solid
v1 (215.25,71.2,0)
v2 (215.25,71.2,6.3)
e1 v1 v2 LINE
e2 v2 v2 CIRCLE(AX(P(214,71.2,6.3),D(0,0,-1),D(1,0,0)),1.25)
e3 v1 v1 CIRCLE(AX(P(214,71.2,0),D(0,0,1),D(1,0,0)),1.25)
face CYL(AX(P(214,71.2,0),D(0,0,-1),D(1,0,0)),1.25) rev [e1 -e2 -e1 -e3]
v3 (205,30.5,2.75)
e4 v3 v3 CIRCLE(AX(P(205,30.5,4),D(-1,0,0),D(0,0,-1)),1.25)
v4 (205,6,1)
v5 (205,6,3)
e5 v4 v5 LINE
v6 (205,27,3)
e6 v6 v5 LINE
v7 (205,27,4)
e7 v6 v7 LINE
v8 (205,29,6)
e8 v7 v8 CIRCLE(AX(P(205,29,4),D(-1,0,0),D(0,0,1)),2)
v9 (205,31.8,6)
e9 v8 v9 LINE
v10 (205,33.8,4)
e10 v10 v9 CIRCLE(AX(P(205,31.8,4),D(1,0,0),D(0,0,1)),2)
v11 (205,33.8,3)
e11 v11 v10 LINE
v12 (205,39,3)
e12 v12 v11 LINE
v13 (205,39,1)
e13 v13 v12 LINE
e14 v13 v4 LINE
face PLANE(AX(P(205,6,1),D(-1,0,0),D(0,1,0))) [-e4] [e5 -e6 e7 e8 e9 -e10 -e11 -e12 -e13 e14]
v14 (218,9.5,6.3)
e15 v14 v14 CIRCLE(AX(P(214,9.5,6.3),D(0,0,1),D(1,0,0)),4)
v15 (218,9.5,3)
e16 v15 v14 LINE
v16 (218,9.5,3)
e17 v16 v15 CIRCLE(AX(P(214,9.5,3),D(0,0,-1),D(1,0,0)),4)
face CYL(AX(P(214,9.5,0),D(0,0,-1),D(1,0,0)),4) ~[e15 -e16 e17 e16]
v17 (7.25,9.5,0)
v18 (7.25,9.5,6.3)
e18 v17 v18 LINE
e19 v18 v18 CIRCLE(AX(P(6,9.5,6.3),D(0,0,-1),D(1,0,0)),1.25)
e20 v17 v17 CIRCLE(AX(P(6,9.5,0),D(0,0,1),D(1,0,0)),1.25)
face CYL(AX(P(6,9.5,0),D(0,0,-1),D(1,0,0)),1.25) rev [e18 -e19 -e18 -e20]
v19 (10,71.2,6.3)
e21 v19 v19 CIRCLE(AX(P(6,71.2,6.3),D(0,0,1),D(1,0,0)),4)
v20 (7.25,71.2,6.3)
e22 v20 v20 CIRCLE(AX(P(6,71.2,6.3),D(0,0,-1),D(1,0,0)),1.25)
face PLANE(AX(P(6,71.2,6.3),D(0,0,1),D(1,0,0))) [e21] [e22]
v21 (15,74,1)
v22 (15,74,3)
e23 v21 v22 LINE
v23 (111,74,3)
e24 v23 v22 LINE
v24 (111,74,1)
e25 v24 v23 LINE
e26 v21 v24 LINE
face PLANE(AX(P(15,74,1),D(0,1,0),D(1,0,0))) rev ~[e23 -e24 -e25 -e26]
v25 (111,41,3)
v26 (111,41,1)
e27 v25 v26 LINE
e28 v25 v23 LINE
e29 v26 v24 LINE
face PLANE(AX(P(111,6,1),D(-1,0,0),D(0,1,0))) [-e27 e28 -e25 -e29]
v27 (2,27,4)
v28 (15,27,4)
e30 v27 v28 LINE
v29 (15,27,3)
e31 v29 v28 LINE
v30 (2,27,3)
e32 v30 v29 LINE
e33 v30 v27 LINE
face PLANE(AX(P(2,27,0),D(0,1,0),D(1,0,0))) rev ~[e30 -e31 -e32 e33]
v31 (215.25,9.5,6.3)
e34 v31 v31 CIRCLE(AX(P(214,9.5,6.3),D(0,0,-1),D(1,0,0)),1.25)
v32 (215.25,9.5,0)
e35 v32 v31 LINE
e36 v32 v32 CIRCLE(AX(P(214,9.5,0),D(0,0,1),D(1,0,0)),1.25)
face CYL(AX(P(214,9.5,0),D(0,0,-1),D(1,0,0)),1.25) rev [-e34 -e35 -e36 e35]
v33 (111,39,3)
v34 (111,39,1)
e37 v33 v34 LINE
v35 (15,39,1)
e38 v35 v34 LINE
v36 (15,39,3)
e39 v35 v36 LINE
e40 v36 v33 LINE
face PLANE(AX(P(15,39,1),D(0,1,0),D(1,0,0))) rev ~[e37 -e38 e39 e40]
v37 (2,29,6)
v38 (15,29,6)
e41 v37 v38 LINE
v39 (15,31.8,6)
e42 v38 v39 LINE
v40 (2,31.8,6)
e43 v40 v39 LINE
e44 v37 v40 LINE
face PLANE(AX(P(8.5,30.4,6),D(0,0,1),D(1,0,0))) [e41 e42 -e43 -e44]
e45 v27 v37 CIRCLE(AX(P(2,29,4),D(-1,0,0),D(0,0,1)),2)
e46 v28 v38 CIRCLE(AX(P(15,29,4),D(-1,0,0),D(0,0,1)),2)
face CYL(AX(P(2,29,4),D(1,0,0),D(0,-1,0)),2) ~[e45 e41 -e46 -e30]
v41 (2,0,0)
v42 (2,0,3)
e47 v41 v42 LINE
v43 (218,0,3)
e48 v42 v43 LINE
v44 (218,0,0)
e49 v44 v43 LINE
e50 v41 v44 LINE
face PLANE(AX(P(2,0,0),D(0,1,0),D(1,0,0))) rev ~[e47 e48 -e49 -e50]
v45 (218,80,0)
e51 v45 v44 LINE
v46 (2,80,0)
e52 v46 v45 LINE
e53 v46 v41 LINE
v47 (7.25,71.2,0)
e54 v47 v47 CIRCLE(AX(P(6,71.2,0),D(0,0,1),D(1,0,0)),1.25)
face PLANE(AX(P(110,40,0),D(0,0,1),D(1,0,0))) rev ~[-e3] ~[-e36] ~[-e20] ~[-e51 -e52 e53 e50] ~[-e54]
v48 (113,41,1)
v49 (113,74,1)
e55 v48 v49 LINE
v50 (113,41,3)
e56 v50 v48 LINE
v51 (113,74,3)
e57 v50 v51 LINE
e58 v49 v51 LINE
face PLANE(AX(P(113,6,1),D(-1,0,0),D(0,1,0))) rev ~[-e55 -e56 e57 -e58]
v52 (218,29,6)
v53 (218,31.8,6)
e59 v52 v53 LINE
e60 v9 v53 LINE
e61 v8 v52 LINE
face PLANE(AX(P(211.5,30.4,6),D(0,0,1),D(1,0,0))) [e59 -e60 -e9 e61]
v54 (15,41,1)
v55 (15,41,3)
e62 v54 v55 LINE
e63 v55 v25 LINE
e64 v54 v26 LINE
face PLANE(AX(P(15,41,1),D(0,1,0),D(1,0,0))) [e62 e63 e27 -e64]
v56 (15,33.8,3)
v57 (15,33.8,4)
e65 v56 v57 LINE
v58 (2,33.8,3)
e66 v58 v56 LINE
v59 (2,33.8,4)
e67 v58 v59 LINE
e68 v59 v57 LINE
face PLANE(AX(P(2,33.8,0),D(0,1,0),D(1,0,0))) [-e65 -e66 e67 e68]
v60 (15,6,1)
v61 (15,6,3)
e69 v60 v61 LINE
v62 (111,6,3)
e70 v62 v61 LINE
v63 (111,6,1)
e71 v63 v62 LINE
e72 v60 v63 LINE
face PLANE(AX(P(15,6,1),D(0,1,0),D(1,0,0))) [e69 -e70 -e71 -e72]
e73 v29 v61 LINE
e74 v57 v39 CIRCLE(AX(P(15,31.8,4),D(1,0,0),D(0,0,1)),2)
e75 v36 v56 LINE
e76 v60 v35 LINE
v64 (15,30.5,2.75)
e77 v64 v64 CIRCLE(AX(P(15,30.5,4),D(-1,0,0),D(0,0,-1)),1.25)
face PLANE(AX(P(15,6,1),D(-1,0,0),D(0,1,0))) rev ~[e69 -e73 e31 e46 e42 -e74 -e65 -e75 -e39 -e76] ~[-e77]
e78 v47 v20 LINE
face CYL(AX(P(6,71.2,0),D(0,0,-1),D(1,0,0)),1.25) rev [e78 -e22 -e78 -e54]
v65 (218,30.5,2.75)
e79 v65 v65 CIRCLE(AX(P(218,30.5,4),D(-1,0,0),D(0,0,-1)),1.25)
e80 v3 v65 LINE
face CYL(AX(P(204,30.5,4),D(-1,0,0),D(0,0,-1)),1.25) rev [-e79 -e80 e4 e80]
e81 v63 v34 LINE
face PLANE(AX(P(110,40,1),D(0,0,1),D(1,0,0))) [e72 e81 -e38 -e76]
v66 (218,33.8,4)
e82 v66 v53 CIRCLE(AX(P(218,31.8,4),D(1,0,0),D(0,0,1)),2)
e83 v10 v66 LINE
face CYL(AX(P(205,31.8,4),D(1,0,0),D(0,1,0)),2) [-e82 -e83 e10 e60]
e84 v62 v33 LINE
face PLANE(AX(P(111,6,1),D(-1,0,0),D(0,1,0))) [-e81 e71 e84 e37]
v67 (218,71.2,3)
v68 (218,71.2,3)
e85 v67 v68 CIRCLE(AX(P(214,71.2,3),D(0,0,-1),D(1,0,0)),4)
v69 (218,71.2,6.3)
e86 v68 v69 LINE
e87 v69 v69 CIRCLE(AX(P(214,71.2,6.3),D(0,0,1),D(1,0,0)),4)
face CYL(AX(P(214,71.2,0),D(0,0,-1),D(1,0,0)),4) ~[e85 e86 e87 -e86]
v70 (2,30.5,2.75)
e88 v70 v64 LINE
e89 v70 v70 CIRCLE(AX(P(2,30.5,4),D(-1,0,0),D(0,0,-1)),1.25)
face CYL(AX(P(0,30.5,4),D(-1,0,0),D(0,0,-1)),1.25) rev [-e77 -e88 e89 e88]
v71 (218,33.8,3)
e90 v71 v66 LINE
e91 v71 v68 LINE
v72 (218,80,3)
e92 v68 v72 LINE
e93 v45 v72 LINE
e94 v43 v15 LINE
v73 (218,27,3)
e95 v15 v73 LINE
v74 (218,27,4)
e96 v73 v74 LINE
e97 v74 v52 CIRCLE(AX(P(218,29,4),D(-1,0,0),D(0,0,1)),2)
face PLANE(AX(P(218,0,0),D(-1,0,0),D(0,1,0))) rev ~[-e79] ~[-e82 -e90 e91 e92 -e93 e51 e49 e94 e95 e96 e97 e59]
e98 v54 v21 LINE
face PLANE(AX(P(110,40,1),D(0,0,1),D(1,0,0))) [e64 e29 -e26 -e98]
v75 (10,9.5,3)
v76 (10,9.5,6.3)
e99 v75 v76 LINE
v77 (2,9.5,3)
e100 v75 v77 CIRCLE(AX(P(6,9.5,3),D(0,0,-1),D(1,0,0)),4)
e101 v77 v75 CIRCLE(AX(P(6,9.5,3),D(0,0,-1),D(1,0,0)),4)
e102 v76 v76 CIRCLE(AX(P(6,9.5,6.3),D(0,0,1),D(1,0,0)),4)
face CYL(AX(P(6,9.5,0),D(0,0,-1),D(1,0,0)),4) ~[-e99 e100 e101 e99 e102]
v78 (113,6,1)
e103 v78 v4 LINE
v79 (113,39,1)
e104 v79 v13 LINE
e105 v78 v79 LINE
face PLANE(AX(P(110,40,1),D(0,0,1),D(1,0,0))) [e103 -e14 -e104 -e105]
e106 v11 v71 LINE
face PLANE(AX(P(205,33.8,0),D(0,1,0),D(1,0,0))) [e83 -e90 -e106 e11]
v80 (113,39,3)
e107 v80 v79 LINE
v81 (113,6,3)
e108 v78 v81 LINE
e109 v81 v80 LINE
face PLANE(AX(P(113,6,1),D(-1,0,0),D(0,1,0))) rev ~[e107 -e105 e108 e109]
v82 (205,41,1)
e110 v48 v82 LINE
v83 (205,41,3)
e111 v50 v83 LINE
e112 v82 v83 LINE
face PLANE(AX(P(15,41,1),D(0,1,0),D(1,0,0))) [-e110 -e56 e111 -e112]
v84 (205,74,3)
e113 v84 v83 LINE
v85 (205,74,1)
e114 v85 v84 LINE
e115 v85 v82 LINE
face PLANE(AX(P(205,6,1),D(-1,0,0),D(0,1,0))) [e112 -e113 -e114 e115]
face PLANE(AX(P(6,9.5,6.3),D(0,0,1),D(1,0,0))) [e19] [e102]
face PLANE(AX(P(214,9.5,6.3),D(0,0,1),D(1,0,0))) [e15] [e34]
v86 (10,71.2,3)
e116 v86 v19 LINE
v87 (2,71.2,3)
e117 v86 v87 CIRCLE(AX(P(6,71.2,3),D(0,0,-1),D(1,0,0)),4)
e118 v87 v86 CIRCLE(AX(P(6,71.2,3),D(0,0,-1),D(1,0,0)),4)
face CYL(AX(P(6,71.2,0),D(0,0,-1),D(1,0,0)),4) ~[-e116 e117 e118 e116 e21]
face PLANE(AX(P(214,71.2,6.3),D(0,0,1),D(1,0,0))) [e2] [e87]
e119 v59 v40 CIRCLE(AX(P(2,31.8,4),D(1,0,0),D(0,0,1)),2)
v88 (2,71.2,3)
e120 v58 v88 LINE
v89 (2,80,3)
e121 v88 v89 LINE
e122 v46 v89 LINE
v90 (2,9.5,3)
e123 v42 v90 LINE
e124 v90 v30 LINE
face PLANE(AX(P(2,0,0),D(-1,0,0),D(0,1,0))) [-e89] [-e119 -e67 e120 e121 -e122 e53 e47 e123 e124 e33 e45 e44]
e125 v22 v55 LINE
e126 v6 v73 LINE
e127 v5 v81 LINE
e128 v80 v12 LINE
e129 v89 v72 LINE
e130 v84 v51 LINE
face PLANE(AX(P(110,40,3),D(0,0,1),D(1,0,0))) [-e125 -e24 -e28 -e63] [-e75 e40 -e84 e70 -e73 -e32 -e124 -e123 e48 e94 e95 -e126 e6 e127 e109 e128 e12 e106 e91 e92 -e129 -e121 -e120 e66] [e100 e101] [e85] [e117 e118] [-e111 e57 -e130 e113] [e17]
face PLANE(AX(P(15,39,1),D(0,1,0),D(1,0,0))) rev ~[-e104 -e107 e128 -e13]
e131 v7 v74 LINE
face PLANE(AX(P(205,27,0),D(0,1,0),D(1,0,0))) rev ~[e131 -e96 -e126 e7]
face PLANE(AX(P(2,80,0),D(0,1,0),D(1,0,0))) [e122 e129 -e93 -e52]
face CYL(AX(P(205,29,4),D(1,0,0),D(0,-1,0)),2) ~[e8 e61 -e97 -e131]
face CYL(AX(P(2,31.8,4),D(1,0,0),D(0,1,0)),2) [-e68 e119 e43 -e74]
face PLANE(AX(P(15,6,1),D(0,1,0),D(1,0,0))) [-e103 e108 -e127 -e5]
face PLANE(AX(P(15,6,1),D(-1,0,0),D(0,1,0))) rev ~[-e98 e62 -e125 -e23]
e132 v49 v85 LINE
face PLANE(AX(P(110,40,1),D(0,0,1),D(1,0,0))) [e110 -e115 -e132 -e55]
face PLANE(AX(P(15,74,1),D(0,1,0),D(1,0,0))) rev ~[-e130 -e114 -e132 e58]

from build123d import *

# Parameters (mm, degrees)
CYLINDER010_R     = 1.25
CYLINDER010_DEPTH = 20
CYLINDER011_R     = 1.25
CYLINDER011_DEPTH = 20
BOX009_W          = 13
BOX009_H          = 6.8
BOX009_DEPTH      = 6
FILLET002_R       = 2
CYLINDER004_R     = 1.25
CYLINDER004_DEPTH = 7
CYLINDER002_R     = 1.25
CYLINDER002_DEPTH = 7
CYLINDER003_R     = 1.25
CYLINDER003_DEPTH = 7
CYLINDER_R        = 1.25
CYLINDER_DEPTH    = 7
BOX002_W          = 190
BOX002_H          = 68
BOX002_DEPTH      = 3
CYLINDER005_R     = 4
CYLINDER005_DEPTH = 6.3
CYLINDER006_R     = 4
CYLINDER006_DEPTH = 6.3
CYLINDER001_R     = 4
CYLINDER001_DEPTH = 6.3
BOX_W             = 216
BOX_H             = 80
BOX_DEPTH         = 3
CYLINDER007_R     = 4
CYLINDER007_DEPTH = 6.3
BOX003_W          = 2
BOX003_H          = 68
BOX003_DEPTH      = 2
BOX004_W          = 190
BOX004_H          = 2
BOX004_DEPTH      = 2
BOX021_W          = 13
BOX021_H          = 6.8
BOX021_DEPTH      = 6
FILLET002004_R    = 2


with BuildPart() as cylinder009:
    # Cylinder010 → Cylinder010 (new body)
    with BuildSketch(Plane(origin=(0, 30.5, 4), x_dir=(0, 0, -1), z_dir=(1, 0, 0))):
        Circle(CYLINDER010_R)
    extrude(amount=CYLINDER010_DEPTH)


with BuildPart() as fusion005:
    # Cylinder011 → Cylinder011 (new body)
    with BuildSketch(Plane(origin=(204, 30.5, 4), x_dir=(0, 0, -1), z_dir=(1, 0, 0))):
        Circle(CYLINDER011_R)
    extrude(amount=CYLINDER011_DEPTH)

    # Fusion005: union Cylinder009
    add(cylinder009.part)


with BuildPart() as fillet002:
    # Box009 → Box009 (new body)
    with BuildSketch(Plane(origin=(2, 29, 0), x_dir=(1, 0, 0), z_dir=(0, 0, 1))):
        with Locations((6.5, 3.4)):
            Rectangle(BOX009_W, BOX009_H)
    extrude(amount=BOX009_DEPTH)

    # Fillet002
    fillet002_edges = [fillet002.edges().sort_by_distance(p)[0] for p in [
        (8.5, 29, 6),
        (8.5, 35.8, 6),
    ]]
    fillet(fillet002_edges, radius=FILLET002_R)


with BuildPart() as fillet002_1:
    # Fillet002 placement: moved
    add(fillet002.part.moved(Location((0, -2, 0))))


with BuildPart() as screwhole003:
    # Cylinder004 → Cylinder004 (new body)
    with BuildSketch(Plane(origin=(214, 9.5, 0), x_dir=(1, 0, 0), z_dir=(0, 0, 1))):
        Circle(CYLINDER004_R)
    extrude(amount=CYLINDER004_DEPTH)


with BuildPart() as screwhole001:
    # Cylinder002 → Cylinder002 (new body)
    with BuildSketch(Plane(origin=(6, 71.2, 0), x_dir=(1, 0, 0), z_dir=(0, 0, 1))):
        Circle(CYLINDER002_R)
    extrude(amount=CYLINDER002_DEPTH)


with BuildPart() as screwhole002:
    # Cylinder003 → Cylinder003 (new body)
    with BuildSketch(Plane(origin=(214, 71.2, 0), x_dir=(1, 0, 0), z_dir=(0, 0, 1))):
        Circle(CYLINDER003_R)
    extrude(amount=CYLINDER003_DEPTH)


with BuildPart() as screwhole:
    # Cylinder → Cylinder (new body)
    with BuildSketch(Plane(origin=(6, 9.5, 0), x_dir=(1, 0, 0), z_dir=(0, 0, 1))):
        Circle(CYLINDER_R)
    extrude(amount=CYLINDER_DEPTH)


with BuildPart() as baseholes:
    # Box002 → Box002 (new body)
    with BuildSketch(Plane(origin=(15, 6, 1), x_dir=(1, 0, 0), z_dir=(0, 0, 1))):
        with Locations((95, 34)):
            Rectangle(BOX002_W, BOX002_H)
    extrude(amount=BOX002_DEPTH)

    # Fusion: union ScrewHole003, ScrewHole001, ScrewHole002, ScrewHole
    add(screwhole003.part)
    add(screwhole001.part)
    add(screwhole002.part)
    add(screwhole.part)


with BuildPart() as cylinder005:
    # Cylinder005 → Cylinder005 (new body)
    with BuildSketch(Plane(origin=(6, 71.2, 0), x_dir=(1, 0, 0), z_dir=(0, 0, 1))):
        Circle(CYLINDER005_R)
    extrude(amount=CYLINDER005_DEPTH)


with BuildPart() as cylinder006:
    # Cylinder006 → Cylinder006 (new body)
    with BuildSketch(Plane(origin=(214, 71.2, 0), x_dir=(1, 0, 0), z_dir=(0, 0, 1))):
        Circle(CYLINDER006_R)
    extrude(amount=CYLINDER006_DEPTH)


with BuildPart() as cylinder001:
    # Cylinder001 → Cylinder001 (new body)
    with BuildSketch(Plane(origin=(6, 9.5, 0), x_dir=(1, 0, 0), z_dir=(0, 0, 1))):
        Circle(CYLINDER001_R)
    extrude(amount=CYLINDER001_DEPTH)


with BuildPart() as base:
    # Box → Box (new body)
    with BuildSketch(Plane(origin=(2, 0, 0), x_dir=(1, 0, 0), z_dir=(0, 0, 1))):
        with Locations((108, 40)):
            Rectangle(BOX_W, BOX_H)
    extrude(amount=BOX_DEPTH)


with BuildPart() as basesubstraction:
    # Cylinder007 → Cylinder007 (new body)
    with BuildSketch(Plane(origin=(214, 9.5, 0), x_dir=(1, 0, 0), z_dir=(0, 0, 1))):
        Circle(CYLINDER007_R)
    extrude(amount=CYLINDER007_DEPTH)

    # Fusion001: union Cylinder005, Cylinder006, Cylinder001, Base
    add(cylinder005.part)
    add(cylinder006.part)
    add(cylinder001.part)
    add(base.part)

    # Cut: cut BaseHoles
    add(baseholes.part, mode=Mode.SUBTRACT)


with BuildPart() as reinforce:
    # Box003 → Box003 (new body)
    with BuildSketch(Plane(origin=(111, 6, 1), x_dir=(1, 0, 0), z_dir=(0, 0, 1))):
        with Locations((1, 34)):
            Rectangle(BOX003_W, BOX003_H)
    extrude(amount=BOX003_DEPTH)


with BuildPart() as reinforce001:
    # Box004 → Box004 (new body)
    with BuildSketch(Plane(origin=(15, 39, 1), x_dir=(1, 0, 0), z_dir=(0, 0, 1))):
        with Locations((95, 1)):
            Rectangle(BOX004_W, BOX004_H)
    extrude(amount=BOX004_DEPTH)


with BuildPart() as bottom:
    # Box021 → Box021 (new body)
    with BuildSketch(Plane(origin=(2, 29, 0), x_dir=(1, 0, 0), z_dir=(0, 0, 1))):
        with Locations((6.5, 3.4)):
            Rectangle(BOX021_W, BOX021_H)
    extrude(amount=BOX021_DEPTH)

    # Fillet002004
    fillet002004_edges = [bottom.edges().sort_by_distance(p)[0] for p in [
        (8.5, 29, 6),
        (8.5, 35.8, 6),
    ]]
    fillet(fillet002004_edges, radius=FILLET002004_R)


with BuildPart() as bottom_1:
    # Fillet002004 placement: moved
    add(bottom.part.moved(Location((203, -2, 0))))

    # Fusion008: union Fillet002, BaseSubstraction, Reinforce, Reinforce001
    add(fillet002_1.part)
    add(basesubstraction.part)
    add(reinforce.part)
    add(reinforce001.part)

    # Cut001006: cut Fusion005
    add(fusion005.part, mode=Mode.SUBTRACT)


solid = bottom_1.part
